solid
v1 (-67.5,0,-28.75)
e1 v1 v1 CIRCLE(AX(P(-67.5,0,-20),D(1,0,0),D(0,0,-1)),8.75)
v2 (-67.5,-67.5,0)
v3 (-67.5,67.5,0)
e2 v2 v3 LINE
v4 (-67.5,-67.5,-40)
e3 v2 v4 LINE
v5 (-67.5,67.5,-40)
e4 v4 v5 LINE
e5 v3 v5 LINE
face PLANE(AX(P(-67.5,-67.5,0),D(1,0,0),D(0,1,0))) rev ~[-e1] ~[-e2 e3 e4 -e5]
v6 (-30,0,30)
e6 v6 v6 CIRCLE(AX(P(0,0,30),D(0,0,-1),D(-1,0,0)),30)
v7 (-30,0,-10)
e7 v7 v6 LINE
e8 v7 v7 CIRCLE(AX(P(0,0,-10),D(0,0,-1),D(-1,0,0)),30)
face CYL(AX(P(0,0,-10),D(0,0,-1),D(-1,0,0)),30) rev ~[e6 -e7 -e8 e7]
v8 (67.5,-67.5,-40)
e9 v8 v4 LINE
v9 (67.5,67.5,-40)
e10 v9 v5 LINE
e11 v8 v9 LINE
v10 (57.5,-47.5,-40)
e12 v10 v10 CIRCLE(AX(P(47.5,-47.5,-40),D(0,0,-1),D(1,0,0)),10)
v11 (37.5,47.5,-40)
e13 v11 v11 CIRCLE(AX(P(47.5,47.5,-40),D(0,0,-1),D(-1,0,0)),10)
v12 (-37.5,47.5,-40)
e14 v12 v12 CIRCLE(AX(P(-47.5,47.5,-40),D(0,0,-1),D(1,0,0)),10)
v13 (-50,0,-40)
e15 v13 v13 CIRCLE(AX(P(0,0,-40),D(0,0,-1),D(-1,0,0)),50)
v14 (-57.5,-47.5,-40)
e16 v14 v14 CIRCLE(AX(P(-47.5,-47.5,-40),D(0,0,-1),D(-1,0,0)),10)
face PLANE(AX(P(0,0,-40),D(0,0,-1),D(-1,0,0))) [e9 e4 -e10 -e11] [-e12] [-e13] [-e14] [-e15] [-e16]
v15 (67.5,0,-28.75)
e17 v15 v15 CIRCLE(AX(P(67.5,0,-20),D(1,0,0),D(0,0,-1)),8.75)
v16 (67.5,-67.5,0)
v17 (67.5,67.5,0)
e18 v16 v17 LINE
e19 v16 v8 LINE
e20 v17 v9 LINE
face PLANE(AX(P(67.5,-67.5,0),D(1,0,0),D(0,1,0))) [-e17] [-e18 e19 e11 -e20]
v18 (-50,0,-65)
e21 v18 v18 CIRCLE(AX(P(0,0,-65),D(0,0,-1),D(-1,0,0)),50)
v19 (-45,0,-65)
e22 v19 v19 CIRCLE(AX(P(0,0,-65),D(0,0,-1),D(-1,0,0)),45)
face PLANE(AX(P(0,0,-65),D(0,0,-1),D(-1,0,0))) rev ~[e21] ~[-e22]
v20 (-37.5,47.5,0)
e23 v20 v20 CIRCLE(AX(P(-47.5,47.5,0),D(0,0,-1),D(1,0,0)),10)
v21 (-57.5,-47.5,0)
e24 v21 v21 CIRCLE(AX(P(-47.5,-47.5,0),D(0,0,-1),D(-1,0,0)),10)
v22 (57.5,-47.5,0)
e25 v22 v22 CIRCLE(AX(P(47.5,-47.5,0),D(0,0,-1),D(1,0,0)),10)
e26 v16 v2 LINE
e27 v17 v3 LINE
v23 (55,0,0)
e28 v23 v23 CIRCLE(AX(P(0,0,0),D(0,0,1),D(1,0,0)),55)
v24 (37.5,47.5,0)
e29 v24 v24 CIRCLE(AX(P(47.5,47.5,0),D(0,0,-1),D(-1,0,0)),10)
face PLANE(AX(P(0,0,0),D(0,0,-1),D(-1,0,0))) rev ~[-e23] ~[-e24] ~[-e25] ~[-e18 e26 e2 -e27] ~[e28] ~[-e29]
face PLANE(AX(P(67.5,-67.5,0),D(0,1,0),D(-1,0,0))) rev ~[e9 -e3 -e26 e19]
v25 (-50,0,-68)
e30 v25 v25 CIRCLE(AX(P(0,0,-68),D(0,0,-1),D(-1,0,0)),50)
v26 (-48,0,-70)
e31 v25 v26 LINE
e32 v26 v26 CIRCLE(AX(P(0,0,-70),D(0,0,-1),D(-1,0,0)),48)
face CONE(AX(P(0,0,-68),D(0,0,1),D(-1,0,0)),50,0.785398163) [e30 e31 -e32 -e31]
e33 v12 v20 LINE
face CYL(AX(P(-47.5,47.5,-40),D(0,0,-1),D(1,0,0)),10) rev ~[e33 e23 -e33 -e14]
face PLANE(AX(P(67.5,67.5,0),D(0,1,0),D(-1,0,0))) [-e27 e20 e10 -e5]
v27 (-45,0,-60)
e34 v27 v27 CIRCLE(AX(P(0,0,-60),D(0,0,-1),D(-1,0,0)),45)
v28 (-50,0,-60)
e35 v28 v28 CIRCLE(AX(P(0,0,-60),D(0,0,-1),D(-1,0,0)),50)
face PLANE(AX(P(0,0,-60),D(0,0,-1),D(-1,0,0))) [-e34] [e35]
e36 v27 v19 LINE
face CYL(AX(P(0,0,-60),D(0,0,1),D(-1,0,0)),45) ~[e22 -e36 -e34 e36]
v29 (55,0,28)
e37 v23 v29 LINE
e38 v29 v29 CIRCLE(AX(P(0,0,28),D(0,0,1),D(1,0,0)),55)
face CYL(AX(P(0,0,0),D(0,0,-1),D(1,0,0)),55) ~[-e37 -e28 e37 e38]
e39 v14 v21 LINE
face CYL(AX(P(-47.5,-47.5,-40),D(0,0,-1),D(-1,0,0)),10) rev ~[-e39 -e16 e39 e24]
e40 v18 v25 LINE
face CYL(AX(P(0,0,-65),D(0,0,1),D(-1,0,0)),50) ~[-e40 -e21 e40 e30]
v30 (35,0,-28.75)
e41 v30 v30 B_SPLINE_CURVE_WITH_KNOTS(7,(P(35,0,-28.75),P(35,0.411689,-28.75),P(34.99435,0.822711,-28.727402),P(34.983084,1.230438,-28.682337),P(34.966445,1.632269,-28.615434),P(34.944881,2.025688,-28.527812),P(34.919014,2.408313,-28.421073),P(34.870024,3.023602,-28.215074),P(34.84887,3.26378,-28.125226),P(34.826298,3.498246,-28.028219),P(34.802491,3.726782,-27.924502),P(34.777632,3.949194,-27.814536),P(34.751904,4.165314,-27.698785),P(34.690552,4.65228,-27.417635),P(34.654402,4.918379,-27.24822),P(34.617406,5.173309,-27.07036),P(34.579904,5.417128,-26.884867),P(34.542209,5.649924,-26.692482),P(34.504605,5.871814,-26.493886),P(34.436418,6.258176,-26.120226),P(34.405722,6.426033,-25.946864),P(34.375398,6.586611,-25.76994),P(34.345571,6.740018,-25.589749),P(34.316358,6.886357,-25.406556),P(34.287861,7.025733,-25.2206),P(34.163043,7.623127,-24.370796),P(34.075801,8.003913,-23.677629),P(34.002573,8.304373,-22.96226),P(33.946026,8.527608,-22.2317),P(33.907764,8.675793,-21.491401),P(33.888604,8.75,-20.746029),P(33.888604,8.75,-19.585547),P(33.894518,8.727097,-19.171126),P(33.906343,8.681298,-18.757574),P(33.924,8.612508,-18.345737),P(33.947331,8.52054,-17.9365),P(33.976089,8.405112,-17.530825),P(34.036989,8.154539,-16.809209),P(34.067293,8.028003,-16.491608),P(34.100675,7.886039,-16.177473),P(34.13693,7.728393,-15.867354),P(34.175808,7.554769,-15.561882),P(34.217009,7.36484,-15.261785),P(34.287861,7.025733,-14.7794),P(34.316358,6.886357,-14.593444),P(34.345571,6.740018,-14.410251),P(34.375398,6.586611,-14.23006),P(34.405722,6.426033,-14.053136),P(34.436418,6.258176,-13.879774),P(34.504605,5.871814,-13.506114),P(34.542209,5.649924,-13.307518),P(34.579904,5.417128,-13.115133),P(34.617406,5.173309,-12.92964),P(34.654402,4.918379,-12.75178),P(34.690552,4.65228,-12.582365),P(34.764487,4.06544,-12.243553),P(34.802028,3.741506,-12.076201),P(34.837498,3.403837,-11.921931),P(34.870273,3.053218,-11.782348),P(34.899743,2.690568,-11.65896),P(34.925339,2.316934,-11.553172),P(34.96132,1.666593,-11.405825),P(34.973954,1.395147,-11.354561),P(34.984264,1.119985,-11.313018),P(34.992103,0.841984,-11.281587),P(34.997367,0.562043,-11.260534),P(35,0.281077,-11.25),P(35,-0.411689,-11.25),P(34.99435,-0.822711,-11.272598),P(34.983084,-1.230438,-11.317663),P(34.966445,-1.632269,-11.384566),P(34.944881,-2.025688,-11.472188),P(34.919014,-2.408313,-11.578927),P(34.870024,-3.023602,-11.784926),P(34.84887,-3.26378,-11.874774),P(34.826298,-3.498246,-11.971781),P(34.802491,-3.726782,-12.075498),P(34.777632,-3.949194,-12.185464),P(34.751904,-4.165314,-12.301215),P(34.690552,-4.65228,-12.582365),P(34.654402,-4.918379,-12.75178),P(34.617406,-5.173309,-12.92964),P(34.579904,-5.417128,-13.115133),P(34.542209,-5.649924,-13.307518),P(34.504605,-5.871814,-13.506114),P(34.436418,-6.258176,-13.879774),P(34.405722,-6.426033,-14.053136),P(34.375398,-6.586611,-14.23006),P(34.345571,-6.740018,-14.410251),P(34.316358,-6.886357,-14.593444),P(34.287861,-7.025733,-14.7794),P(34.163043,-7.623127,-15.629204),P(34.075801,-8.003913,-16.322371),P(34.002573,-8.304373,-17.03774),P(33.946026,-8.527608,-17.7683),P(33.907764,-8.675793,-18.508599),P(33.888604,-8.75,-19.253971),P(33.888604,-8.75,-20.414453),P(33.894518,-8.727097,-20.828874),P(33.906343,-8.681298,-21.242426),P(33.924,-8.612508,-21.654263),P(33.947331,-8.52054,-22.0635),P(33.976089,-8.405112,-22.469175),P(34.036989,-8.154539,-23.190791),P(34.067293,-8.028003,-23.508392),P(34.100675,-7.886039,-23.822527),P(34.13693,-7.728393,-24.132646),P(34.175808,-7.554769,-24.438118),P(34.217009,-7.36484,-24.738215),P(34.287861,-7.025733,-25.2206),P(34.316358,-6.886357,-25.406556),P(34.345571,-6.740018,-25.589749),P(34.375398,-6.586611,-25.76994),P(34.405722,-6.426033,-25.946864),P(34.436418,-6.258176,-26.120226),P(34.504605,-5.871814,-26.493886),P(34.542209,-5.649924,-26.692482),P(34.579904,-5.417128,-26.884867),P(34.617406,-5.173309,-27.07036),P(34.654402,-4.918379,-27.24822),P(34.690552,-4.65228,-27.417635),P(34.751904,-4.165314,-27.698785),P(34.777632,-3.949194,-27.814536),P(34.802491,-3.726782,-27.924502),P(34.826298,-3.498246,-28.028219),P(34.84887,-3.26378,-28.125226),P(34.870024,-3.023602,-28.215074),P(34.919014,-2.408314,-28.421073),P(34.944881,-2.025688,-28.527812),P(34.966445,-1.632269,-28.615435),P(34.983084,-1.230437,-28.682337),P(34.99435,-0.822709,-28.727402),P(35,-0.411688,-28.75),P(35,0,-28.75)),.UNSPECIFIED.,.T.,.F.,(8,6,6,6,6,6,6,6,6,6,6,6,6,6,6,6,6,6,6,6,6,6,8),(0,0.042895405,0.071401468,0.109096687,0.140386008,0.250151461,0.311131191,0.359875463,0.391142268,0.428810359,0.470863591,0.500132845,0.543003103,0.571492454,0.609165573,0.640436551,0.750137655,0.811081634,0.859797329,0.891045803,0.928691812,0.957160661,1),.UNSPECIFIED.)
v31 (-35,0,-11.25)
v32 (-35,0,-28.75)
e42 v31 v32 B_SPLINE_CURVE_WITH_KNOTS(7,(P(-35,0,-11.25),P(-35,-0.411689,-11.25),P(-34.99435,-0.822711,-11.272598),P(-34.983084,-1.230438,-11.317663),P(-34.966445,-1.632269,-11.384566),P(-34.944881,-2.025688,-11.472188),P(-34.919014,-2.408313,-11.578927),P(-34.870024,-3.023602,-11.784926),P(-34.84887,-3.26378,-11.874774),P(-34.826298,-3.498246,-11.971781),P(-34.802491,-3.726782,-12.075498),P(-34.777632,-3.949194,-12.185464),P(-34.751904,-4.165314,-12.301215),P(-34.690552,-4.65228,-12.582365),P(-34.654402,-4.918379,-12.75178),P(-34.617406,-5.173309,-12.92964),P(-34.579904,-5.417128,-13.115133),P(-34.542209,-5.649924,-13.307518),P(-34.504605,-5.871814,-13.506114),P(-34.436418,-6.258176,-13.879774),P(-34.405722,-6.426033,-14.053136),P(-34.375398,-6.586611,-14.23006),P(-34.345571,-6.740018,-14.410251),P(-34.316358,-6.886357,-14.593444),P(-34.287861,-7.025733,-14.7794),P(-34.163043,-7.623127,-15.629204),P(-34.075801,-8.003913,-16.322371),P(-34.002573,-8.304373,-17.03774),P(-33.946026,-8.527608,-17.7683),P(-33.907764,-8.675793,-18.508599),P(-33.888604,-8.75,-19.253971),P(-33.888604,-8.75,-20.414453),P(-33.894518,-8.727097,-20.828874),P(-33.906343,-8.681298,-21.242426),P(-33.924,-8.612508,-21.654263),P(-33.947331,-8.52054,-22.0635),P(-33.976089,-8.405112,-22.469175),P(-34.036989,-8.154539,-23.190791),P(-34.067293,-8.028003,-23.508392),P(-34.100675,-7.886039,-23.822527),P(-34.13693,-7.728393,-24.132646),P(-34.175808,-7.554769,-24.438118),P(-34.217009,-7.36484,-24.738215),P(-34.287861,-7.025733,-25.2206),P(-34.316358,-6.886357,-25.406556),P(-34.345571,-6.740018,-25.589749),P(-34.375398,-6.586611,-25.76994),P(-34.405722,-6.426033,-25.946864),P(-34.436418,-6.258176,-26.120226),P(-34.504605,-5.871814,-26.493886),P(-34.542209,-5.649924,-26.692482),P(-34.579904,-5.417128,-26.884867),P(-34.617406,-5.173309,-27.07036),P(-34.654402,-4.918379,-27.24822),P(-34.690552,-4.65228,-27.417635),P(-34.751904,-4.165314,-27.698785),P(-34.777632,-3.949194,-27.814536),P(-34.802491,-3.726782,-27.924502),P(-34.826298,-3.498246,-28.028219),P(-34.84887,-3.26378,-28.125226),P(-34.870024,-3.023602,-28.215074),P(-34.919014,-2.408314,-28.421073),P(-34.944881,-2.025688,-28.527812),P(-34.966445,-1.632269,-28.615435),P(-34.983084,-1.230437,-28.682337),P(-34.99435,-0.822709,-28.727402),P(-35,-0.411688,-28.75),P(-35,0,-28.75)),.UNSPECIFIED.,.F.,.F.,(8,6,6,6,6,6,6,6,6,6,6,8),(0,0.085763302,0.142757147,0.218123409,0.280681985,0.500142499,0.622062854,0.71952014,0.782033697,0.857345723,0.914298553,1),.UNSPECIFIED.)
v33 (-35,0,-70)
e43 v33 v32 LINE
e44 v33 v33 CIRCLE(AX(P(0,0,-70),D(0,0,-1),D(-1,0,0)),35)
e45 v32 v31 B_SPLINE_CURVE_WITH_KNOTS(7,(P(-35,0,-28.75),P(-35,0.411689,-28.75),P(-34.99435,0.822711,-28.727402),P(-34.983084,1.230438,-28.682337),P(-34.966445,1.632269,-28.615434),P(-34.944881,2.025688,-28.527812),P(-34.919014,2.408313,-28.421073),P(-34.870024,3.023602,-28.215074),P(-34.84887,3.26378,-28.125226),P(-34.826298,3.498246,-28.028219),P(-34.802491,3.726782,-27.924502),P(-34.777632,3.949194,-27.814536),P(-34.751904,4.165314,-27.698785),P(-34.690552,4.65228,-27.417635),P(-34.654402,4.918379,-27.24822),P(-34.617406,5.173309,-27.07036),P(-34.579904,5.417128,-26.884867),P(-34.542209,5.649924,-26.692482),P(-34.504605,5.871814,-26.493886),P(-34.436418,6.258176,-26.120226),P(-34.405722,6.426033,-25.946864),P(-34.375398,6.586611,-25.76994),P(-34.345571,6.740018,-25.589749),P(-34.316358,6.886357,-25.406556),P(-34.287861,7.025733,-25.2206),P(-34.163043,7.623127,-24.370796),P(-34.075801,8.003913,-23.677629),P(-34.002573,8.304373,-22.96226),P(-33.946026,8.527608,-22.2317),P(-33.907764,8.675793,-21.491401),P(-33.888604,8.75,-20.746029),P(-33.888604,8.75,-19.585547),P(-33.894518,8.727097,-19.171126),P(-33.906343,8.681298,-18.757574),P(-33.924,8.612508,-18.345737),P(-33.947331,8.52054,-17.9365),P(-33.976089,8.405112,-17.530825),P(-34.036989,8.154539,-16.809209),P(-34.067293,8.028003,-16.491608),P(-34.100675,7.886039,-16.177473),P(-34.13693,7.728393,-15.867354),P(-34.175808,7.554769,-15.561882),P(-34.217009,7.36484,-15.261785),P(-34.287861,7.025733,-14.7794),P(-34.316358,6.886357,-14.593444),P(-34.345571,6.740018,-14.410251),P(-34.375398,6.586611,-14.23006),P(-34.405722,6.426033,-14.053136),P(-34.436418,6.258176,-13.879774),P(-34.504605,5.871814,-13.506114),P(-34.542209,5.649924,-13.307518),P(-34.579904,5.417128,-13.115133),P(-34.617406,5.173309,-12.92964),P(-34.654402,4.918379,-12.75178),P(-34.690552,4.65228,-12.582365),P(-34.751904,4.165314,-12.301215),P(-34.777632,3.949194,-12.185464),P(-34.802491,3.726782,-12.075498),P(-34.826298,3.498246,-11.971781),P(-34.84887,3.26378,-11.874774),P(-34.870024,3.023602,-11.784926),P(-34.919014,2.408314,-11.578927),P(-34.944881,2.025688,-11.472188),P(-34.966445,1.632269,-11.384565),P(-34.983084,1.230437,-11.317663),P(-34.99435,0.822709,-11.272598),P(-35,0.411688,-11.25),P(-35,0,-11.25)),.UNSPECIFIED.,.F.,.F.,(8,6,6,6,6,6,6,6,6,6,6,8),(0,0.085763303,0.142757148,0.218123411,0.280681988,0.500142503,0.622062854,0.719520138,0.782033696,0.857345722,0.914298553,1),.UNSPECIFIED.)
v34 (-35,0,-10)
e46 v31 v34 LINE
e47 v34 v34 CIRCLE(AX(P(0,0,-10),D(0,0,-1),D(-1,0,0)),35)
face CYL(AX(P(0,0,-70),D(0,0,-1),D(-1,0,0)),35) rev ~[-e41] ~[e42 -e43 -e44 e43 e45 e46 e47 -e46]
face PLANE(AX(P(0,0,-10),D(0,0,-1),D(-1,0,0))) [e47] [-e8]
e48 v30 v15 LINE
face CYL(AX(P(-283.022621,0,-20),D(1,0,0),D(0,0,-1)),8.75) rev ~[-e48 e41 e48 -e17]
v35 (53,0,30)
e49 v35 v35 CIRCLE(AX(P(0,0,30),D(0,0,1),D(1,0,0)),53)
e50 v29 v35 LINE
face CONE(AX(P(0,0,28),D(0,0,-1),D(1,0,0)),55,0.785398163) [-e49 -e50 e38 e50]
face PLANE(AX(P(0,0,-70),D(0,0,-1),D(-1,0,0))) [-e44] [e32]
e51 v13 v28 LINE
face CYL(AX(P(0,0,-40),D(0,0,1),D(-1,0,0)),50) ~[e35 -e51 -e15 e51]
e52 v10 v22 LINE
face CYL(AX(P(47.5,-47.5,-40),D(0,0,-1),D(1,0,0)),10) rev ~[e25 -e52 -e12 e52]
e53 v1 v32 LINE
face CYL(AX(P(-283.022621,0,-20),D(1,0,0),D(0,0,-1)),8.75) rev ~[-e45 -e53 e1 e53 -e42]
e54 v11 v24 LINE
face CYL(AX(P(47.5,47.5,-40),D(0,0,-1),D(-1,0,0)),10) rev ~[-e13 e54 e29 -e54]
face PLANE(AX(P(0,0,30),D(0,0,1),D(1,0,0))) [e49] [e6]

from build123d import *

# Parameters (mm, degrees)
SKETCH1_R              = 55
BOSS_EXTRUDE1_DEPTH    = 30
SKETCH2_W              = 135
SKETCH2_H              = 135
BOSS_EXTRUDE2_DEPTH    = 40
SKETCH3_R              = 10
CUT_EXTRUDE1_DEPTH     = 40
SKETCH4_R              = 50
BOSS_EXTRUDE3_DEPTH    = 20
SKETCH5_R              = 45
BOSS_EXTRUDE4_DEPTH    = 5
SKETCH6_R              = 50
BOSS_EXTRUDE5_DEPTH    = 5
CHAMFER1_SIZE          = 2
CHAMFER2_SIZE          = 2
M20X2_5_TAPPED_HOLE1_D = 17.5
SKETCH9_R              = 35
CUT_EXTRUDE2_DEPTH     = 60
SKETCH10_R             = 30
CUT_EXTRUDE3_DEPTH     = 113.749722951


with BuildPart() as part:
    # Sketch1 → Boss-Extrude1 (new body)
    with BuildSketch(Plane.XY):
        Circle(SKETCH1_R)
    extrude(amount=BOSS_EXTRUDE1_DEPTH)

    # Sketch2 → Boss-Extrude2 (add)
    with BuildSketch(Plane(origin=(0, 0, 0), x_dir=(-1, 0, 0), z_dir=(0, 0, -1))):
        Rectangle(SKETCH2_W, SKETCH2_H)
    extrude(amount=BOSS_EXTRUDE2_DEPTH)

    # Sketch3 → Cut-Extrude1 (cut)
    with BuildSketch(Plane(origin=(0, 0, -40), x_dir=(-1, 0, 0), z_dir=(0, 0, -1))):
        with Locations((-47.5, 47.5)):
            Circle(SKETCH3_R)
        with Locations(Location((47.5, 47.5, 0), (0, 0, 180))):
            Circle(SKETCH3_R)
        with Locations((47.5, -47.5)):
            Circle(SKETCH3_R)
        with Locations(Location((-47.5, -47.5, 0), (0, 0, 180))):
            Circle(SKETCH3_R)
    extrude(amount=-CUT_EXTRUDE1_DEPTH, mode=Mode.SUBTRACT)

    # Sketch4 → Boss-Extrude3 (add)
    with BuildSketch(Plane(origin=(0, 0, -40), x_dir=(-1, 0, 0), z_dir=(0, 0, -1))):
        Circle(SKETCH4_R)
    extrude(amount=BOSS_EXTRUDE3_DEPTH)

    # Sketch5 → Boss-Extrude4 (add)
    with BuildSketch(Plane(origin=(0, 0, -60), x_dir=(-1, 0, 0), z_dir=(0, 0, -1))):
        Circle(SKETCH5_R)
    extrude(amount=BOSS_EXTRUDE4_DEPTH)

    # Sketch6 → Boss-Extrude5 (add)
    with BuildSketch(Plane(origin=(0, 0, -65), x_dir=(-1, 0, 0), z_dir=(0, 0, -1))):
        Circle(SKETCH6_R)
    extrude(amount=BOSS_EXTRUDE5_DEPTH)

    # Chamfer1
    chamfer1_edges = [part.edges().sort_by_distance(p)[0] for p in [
        (-55, 0, 30),
    ]]
    chamfer(chamfer1_edges, length=CHAMFER1_SIZE)

    # Chamfer2
    chamfer2_edges = [part.edges().sort_by_distance(p)[0] for p in [
        (50, 0, -70),
    ]]
    chamfer(chamfer2_edges, length=CHAMFER2_SIZE)

    # M20x2.5 Tapped Hole1 (through all)
    with Locations(Plane.ZY.offset(67.5)):
        with Locations((-20, 0)):
            Hole(M20X2_5_TAPPED_HOLE1_D / 2)

    # Sketch9 → Cut-Extrude2 (cut)
    with BuildSketch(Plane(origin=(0, 0, -70), x_dir=(-1, 0, 0), z_dir=(0, 0, -1))):
        Circle(SKETCH9_R)
    extrude(amount=-CUT_EXTRUDE2_DEPTH, mode=Mode.SUBTRACT)

    # Sketch10 → Cut-Extrude3 (cut, through all)
    with BuildSketch(Plane(origin=(0, 0, -10), x_dir=(-1, 0, 0), z_dir=(0, 0, -1))):
        Circle(SKETCH10_R)
    extrude(amount=-CUT_EXTRUDE3_DEPTH, mode=Mode.SUBTRACT)


solid = part.part
